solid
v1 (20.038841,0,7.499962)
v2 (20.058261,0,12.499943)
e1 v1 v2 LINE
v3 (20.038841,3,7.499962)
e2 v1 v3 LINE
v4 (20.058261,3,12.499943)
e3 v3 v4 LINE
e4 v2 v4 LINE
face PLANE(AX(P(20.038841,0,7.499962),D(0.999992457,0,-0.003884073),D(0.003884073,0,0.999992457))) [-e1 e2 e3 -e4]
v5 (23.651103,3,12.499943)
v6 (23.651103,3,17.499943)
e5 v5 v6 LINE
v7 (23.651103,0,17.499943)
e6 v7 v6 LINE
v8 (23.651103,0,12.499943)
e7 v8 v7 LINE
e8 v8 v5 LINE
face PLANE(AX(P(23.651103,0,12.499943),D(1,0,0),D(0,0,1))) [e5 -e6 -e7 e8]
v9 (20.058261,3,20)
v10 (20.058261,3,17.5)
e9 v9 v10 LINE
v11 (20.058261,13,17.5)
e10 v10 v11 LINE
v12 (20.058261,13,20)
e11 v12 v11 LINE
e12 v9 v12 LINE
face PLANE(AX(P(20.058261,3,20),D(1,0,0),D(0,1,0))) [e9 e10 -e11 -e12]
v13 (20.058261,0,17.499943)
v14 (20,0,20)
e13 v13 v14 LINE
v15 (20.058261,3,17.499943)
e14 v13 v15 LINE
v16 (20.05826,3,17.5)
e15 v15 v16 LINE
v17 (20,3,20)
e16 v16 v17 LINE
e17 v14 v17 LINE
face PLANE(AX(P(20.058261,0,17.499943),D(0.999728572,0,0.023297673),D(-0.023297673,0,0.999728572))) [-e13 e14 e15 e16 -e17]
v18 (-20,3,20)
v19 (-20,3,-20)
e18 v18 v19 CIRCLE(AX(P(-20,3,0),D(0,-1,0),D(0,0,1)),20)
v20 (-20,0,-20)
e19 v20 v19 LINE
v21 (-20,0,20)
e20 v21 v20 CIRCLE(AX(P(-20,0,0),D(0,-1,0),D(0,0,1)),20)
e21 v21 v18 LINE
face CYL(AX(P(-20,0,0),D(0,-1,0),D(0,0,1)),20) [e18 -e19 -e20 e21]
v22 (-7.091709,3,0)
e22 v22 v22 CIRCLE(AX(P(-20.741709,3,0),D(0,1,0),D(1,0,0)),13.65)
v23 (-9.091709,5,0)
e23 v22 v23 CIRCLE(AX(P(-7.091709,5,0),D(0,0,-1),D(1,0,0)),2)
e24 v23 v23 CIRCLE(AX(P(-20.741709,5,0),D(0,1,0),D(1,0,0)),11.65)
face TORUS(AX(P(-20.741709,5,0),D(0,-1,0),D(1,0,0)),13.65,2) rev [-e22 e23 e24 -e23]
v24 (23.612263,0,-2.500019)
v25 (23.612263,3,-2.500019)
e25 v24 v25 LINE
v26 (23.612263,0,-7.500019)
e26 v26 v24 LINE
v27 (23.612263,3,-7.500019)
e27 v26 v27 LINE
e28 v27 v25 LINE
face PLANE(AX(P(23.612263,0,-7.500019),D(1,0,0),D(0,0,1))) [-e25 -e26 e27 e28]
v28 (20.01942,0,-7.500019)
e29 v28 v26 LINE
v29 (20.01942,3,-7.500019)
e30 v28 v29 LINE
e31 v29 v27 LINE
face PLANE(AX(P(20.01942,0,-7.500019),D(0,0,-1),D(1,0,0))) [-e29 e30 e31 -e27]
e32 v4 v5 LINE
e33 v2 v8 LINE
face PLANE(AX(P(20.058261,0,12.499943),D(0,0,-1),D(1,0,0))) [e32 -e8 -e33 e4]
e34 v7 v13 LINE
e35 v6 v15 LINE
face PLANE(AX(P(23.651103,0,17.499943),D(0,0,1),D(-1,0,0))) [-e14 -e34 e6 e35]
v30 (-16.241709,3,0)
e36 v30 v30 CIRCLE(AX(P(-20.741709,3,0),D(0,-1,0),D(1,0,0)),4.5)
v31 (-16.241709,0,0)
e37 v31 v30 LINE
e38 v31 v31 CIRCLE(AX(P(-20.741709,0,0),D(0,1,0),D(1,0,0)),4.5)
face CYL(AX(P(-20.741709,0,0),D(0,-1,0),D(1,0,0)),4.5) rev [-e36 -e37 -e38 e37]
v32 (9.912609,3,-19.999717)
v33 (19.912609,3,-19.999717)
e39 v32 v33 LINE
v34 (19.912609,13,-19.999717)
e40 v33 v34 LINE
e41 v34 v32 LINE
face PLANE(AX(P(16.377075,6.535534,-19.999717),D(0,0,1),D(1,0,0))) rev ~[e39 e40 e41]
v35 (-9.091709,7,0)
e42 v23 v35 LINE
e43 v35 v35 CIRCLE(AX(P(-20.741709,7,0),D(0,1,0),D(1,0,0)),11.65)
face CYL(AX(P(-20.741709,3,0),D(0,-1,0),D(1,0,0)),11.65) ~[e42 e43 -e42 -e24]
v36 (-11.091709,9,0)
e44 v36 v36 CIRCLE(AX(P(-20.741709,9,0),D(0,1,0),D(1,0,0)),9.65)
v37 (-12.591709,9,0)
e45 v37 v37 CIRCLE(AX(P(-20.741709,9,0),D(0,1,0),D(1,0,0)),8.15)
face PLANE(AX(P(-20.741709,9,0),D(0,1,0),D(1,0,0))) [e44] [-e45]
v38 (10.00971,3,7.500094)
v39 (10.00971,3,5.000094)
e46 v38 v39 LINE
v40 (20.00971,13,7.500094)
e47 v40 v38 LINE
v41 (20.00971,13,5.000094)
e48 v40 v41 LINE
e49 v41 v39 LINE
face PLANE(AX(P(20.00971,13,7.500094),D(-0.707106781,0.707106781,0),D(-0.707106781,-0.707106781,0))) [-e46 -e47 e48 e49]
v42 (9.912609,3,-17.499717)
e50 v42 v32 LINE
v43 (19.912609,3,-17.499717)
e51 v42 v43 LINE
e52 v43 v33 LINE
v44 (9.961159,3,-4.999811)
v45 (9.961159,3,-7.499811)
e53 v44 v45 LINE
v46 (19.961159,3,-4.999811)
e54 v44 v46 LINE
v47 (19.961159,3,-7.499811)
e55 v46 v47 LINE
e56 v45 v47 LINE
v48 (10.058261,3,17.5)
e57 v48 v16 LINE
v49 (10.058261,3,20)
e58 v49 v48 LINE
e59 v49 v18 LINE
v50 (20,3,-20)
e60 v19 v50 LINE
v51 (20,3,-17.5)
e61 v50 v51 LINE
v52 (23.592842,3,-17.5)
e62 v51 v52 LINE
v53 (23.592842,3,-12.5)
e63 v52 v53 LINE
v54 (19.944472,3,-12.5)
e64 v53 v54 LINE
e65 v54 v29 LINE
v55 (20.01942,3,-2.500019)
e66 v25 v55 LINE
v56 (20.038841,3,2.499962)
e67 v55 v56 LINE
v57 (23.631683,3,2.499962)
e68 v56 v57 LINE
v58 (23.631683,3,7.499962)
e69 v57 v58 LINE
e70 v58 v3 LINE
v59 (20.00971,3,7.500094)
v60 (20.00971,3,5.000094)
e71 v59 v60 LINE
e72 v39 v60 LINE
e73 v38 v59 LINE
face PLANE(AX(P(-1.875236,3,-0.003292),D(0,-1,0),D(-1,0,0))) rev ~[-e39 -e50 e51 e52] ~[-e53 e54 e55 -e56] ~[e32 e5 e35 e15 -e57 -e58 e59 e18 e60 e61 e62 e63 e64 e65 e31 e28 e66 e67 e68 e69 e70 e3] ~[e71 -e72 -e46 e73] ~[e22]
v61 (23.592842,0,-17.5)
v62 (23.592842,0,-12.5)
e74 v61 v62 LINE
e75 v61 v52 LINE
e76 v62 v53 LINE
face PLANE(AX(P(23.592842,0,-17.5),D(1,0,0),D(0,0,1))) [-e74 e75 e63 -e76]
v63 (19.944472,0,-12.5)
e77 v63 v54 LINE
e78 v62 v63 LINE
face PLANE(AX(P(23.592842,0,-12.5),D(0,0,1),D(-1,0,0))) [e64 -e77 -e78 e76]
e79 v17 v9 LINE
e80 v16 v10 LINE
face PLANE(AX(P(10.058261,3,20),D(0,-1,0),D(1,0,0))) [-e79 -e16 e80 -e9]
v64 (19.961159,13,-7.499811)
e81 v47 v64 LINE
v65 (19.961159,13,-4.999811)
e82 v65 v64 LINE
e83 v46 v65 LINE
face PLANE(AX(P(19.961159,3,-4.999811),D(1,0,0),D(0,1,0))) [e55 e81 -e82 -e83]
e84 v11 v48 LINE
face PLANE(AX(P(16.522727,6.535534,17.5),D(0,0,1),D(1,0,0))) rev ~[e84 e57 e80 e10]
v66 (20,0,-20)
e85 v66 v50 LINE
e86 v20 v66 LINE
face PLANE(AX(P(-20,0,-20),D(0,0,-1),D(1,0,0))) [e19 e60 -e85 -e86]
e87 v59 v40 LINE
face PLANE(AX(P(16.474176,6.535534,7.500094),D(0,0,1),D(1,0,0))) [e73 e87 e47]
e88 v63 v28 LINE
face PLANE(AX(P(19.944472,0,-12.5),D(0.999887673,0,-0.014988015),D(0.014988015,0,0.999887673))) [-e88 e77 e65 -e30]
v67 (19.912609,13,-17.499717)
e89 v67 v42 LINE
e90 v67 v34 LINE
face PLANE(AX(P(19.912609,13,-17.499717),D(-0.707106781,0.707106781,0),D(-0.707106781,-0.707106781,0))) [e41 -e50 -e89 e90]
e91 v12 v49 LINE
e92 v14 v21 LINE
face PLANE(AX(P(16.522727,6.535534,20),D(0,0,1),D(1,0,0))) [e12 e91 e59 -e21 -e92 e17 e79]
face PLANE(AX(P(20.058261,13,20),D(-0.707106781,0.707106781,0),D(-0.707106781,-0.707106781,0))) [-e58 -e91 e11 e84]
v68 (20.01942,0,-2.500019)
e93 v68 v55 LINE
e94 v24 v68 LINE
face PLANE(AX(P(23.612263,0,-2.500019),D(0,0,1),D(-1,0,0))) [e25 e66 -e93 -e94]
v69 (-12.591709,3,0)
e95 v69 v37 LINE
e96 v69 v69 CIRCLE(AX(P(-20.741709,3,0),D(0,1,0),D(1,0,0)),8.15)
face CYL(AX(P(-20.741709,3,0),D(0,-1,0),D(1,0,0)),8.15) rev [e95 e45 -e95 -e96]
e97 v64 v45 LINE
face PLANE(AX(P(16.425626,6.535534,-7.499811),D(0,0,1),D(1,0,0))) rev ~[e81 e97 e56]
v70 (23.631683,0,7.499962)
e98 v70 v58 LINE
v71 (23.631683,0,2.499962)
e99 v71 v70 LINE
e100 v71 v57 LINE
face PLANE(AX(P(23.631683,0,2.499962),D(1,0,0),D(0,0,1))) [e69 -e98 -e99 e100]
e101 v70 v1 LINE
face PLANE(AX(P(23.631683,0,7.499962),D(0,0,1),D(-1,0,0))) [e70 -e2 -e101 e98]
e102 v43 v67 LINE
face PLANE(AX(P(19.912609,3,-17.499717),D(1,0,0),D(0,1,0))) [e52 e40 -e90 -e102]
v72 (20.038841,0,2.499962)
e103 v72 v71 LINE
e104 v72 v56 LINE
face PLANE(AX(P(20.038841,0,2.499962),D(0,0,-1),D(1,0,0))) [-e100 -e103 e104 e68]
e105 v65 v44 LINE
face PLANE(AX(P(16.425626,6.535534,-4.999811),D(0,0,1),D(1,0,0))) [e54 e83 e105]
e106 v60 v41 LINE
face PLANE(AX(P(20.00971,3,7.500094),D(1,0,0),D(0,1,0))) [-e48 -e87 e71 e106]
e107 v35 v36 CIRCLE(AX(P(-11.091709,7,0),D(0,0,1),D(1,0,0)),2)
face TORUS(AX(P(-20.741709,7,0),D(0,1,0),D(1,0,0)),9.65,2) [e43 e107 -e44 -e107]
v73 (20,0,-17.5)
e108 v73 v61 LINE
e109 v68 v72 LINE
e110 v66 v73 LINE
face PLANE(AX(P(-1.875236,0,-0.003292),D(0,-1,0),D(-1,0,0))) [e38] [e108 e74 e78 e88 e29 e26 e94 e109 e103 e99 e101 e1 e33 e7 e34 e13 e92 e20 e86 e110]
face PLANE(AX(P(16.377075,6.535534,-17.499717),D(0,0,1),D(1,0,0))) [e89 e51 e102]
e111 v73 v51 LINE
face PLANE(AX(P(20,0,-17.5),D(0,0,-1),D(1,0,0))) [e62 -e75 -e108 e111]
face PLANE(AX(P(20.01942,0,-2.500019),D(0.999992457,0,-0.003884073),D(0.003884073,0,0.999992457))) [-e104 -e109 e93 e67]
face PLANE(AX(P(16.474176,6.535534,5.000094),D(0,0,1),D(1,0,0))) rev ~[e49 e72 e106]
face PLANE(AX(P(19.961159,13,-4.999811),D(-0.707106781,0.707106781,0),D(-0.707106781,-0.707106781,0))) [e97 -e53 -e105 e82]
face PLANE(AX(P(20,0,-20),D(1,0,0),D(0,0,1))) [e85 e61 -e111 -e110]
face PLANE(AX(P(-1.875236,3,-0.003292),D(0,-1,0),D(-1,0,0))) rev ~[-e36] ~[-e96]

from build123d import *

# Parameters (mm, degrees)
BOSS_EXTRUDE1_DEPTH = 3
BOSS_EXTRUDE3_DEPTH = 2.5
LPATTERN2_COUNT     = 4
LPATTERN2_PITCH     = 12.5
SKETCH3_R           = 11.65
SKETCH3_R_2         = 8.15
BOSS_EXTRUDE4_DEPTH = 6
SKETCH4_R           = 4.5
CUT_EXTRUDE2_DEPTH  = 14
FILLET1_R           = 2
FILLET2_R           = 2


with BuildPart() as part:
    # Sketch1 → Boss-Extrude1 (new body)
    with BuildSketch(Plane(origin=(0, 0, 0), x_dir=(1, 0, 0), z_dir=(0, 1, 0))):
        with BuildLine():
            Line((20, 17.5), (23.592842073, 17.5))
            Line((23.592842073, 17.5), (23.592842073, 12.5))
            Line((23.592842073, 12.5), (19.944472227, 12.5))
            Line((19.944472227, 12.5), (20.019420438, 7.500018858))
            Line((20.019420438, 7.500018858), (23.612262511, 7.500018858))
            Line((23.612262511, 7.500018858), (23.612262511, 2.500018858))
            Line((23.612262511, 2.500018858), (20.019420438, 2.500018858))
            Line((20.019420438, 2.500018858), (20.038840876, -2.499962285))
            Line((20.038840876, -2.499962285), (23.63168295, -2.499962285))
            Line((23.63168295, -2.499962285), (23.63168295, -7.499962285))
            Line((23.63168295, -7.499962285), (20.038840876, -7.499962285))
            Line((20.038840876, -7.499962285), (20.058261315, -12.499943427))
            Line((20.058261315, -12.499943427), (23.651103388, -12.499943427))
            Line((23.651103388, -12.499943427), (23.651103388, -17.499943427))
            Line((23.651103388, -17.499943427), (20.058261315, -17.499943427))
            Line((20.058261315, -17.499943427), (20, -20))
            Line((20, -20), (-20, -20))
            ThreePointArc((-20, -20), (-40, 0), (-20, 20))
            Line((-20, 20), (20, 20))
            Line((20, 20), (20, 17.5))
        make_face()
    extrude(amount=BOSS_EXTRUDE1_DEPTH)

    # Sketch2 → Boss-Extrude3 (add)
    with BuildSketch(Plane.XY.offset(20)):
        Polygon((20.058261315, 3), (20.058261315, 13), (10.058261315, 3), align=None)
    boss_extrude3 = extrude(amount=-BOSS_EXTRUDE3_DEPTH)

    # LPattern2: Boss-Extrude3 ×4
    with Locations(*[Vector(-0.003884073, 0, -0.999992457) * (i * LPATTERN2_PITCH) for i in range(1, LPATTERN2_COUNT)]):
        add(boss_extrude3)

    # Sketch3 → Boss-Extrude4 (add)
    with BuildSketch(Plane(origin=(0, 3, 0), x_dir=(1, 0, 0), z_dir=(0, 1, 0))):
        with Locations((-20.741708838, 0)):
            Circle(SKETCH3_R)
        with Locations((-20.741708838, 0)):
            Circle(SKETCH3_R_2, mode=Mode.SUBTRACT)
    extrude(amount=BOSS_EXTRUDE4_DEPTH)

    # Sketch4 → Cut-Extrude2 (cut, through all)
    with BuildSketch(Plane(origin=(0, 0, 0), x_dir=(1, 0, 0), z_dir=(0, 1, 0))):
        with Locations((-20.741708838, 0)):
            Circle(SKETCH4_R)
    extrude(amount=CUT_EXTRUDE2_DEPTH, mode=Mode.SUBTRACT)

    # Fillet1
    fillet1_edges = [part.edges().sort_by_distance(p)[0] for p in [
        (-32.391708838, 3, 0),
    ]]
    fillet(fillet1_edges, radius=FILLET1_R)

    # Fillet2
    fillet2_edges = [part.edges().sort_by_distance(p)[0] for p in [
        (-32.391708838, 9, 0),
    ]]
    fillet(fillet2_edges, radius=FILLET2_R)


solid = part.part
